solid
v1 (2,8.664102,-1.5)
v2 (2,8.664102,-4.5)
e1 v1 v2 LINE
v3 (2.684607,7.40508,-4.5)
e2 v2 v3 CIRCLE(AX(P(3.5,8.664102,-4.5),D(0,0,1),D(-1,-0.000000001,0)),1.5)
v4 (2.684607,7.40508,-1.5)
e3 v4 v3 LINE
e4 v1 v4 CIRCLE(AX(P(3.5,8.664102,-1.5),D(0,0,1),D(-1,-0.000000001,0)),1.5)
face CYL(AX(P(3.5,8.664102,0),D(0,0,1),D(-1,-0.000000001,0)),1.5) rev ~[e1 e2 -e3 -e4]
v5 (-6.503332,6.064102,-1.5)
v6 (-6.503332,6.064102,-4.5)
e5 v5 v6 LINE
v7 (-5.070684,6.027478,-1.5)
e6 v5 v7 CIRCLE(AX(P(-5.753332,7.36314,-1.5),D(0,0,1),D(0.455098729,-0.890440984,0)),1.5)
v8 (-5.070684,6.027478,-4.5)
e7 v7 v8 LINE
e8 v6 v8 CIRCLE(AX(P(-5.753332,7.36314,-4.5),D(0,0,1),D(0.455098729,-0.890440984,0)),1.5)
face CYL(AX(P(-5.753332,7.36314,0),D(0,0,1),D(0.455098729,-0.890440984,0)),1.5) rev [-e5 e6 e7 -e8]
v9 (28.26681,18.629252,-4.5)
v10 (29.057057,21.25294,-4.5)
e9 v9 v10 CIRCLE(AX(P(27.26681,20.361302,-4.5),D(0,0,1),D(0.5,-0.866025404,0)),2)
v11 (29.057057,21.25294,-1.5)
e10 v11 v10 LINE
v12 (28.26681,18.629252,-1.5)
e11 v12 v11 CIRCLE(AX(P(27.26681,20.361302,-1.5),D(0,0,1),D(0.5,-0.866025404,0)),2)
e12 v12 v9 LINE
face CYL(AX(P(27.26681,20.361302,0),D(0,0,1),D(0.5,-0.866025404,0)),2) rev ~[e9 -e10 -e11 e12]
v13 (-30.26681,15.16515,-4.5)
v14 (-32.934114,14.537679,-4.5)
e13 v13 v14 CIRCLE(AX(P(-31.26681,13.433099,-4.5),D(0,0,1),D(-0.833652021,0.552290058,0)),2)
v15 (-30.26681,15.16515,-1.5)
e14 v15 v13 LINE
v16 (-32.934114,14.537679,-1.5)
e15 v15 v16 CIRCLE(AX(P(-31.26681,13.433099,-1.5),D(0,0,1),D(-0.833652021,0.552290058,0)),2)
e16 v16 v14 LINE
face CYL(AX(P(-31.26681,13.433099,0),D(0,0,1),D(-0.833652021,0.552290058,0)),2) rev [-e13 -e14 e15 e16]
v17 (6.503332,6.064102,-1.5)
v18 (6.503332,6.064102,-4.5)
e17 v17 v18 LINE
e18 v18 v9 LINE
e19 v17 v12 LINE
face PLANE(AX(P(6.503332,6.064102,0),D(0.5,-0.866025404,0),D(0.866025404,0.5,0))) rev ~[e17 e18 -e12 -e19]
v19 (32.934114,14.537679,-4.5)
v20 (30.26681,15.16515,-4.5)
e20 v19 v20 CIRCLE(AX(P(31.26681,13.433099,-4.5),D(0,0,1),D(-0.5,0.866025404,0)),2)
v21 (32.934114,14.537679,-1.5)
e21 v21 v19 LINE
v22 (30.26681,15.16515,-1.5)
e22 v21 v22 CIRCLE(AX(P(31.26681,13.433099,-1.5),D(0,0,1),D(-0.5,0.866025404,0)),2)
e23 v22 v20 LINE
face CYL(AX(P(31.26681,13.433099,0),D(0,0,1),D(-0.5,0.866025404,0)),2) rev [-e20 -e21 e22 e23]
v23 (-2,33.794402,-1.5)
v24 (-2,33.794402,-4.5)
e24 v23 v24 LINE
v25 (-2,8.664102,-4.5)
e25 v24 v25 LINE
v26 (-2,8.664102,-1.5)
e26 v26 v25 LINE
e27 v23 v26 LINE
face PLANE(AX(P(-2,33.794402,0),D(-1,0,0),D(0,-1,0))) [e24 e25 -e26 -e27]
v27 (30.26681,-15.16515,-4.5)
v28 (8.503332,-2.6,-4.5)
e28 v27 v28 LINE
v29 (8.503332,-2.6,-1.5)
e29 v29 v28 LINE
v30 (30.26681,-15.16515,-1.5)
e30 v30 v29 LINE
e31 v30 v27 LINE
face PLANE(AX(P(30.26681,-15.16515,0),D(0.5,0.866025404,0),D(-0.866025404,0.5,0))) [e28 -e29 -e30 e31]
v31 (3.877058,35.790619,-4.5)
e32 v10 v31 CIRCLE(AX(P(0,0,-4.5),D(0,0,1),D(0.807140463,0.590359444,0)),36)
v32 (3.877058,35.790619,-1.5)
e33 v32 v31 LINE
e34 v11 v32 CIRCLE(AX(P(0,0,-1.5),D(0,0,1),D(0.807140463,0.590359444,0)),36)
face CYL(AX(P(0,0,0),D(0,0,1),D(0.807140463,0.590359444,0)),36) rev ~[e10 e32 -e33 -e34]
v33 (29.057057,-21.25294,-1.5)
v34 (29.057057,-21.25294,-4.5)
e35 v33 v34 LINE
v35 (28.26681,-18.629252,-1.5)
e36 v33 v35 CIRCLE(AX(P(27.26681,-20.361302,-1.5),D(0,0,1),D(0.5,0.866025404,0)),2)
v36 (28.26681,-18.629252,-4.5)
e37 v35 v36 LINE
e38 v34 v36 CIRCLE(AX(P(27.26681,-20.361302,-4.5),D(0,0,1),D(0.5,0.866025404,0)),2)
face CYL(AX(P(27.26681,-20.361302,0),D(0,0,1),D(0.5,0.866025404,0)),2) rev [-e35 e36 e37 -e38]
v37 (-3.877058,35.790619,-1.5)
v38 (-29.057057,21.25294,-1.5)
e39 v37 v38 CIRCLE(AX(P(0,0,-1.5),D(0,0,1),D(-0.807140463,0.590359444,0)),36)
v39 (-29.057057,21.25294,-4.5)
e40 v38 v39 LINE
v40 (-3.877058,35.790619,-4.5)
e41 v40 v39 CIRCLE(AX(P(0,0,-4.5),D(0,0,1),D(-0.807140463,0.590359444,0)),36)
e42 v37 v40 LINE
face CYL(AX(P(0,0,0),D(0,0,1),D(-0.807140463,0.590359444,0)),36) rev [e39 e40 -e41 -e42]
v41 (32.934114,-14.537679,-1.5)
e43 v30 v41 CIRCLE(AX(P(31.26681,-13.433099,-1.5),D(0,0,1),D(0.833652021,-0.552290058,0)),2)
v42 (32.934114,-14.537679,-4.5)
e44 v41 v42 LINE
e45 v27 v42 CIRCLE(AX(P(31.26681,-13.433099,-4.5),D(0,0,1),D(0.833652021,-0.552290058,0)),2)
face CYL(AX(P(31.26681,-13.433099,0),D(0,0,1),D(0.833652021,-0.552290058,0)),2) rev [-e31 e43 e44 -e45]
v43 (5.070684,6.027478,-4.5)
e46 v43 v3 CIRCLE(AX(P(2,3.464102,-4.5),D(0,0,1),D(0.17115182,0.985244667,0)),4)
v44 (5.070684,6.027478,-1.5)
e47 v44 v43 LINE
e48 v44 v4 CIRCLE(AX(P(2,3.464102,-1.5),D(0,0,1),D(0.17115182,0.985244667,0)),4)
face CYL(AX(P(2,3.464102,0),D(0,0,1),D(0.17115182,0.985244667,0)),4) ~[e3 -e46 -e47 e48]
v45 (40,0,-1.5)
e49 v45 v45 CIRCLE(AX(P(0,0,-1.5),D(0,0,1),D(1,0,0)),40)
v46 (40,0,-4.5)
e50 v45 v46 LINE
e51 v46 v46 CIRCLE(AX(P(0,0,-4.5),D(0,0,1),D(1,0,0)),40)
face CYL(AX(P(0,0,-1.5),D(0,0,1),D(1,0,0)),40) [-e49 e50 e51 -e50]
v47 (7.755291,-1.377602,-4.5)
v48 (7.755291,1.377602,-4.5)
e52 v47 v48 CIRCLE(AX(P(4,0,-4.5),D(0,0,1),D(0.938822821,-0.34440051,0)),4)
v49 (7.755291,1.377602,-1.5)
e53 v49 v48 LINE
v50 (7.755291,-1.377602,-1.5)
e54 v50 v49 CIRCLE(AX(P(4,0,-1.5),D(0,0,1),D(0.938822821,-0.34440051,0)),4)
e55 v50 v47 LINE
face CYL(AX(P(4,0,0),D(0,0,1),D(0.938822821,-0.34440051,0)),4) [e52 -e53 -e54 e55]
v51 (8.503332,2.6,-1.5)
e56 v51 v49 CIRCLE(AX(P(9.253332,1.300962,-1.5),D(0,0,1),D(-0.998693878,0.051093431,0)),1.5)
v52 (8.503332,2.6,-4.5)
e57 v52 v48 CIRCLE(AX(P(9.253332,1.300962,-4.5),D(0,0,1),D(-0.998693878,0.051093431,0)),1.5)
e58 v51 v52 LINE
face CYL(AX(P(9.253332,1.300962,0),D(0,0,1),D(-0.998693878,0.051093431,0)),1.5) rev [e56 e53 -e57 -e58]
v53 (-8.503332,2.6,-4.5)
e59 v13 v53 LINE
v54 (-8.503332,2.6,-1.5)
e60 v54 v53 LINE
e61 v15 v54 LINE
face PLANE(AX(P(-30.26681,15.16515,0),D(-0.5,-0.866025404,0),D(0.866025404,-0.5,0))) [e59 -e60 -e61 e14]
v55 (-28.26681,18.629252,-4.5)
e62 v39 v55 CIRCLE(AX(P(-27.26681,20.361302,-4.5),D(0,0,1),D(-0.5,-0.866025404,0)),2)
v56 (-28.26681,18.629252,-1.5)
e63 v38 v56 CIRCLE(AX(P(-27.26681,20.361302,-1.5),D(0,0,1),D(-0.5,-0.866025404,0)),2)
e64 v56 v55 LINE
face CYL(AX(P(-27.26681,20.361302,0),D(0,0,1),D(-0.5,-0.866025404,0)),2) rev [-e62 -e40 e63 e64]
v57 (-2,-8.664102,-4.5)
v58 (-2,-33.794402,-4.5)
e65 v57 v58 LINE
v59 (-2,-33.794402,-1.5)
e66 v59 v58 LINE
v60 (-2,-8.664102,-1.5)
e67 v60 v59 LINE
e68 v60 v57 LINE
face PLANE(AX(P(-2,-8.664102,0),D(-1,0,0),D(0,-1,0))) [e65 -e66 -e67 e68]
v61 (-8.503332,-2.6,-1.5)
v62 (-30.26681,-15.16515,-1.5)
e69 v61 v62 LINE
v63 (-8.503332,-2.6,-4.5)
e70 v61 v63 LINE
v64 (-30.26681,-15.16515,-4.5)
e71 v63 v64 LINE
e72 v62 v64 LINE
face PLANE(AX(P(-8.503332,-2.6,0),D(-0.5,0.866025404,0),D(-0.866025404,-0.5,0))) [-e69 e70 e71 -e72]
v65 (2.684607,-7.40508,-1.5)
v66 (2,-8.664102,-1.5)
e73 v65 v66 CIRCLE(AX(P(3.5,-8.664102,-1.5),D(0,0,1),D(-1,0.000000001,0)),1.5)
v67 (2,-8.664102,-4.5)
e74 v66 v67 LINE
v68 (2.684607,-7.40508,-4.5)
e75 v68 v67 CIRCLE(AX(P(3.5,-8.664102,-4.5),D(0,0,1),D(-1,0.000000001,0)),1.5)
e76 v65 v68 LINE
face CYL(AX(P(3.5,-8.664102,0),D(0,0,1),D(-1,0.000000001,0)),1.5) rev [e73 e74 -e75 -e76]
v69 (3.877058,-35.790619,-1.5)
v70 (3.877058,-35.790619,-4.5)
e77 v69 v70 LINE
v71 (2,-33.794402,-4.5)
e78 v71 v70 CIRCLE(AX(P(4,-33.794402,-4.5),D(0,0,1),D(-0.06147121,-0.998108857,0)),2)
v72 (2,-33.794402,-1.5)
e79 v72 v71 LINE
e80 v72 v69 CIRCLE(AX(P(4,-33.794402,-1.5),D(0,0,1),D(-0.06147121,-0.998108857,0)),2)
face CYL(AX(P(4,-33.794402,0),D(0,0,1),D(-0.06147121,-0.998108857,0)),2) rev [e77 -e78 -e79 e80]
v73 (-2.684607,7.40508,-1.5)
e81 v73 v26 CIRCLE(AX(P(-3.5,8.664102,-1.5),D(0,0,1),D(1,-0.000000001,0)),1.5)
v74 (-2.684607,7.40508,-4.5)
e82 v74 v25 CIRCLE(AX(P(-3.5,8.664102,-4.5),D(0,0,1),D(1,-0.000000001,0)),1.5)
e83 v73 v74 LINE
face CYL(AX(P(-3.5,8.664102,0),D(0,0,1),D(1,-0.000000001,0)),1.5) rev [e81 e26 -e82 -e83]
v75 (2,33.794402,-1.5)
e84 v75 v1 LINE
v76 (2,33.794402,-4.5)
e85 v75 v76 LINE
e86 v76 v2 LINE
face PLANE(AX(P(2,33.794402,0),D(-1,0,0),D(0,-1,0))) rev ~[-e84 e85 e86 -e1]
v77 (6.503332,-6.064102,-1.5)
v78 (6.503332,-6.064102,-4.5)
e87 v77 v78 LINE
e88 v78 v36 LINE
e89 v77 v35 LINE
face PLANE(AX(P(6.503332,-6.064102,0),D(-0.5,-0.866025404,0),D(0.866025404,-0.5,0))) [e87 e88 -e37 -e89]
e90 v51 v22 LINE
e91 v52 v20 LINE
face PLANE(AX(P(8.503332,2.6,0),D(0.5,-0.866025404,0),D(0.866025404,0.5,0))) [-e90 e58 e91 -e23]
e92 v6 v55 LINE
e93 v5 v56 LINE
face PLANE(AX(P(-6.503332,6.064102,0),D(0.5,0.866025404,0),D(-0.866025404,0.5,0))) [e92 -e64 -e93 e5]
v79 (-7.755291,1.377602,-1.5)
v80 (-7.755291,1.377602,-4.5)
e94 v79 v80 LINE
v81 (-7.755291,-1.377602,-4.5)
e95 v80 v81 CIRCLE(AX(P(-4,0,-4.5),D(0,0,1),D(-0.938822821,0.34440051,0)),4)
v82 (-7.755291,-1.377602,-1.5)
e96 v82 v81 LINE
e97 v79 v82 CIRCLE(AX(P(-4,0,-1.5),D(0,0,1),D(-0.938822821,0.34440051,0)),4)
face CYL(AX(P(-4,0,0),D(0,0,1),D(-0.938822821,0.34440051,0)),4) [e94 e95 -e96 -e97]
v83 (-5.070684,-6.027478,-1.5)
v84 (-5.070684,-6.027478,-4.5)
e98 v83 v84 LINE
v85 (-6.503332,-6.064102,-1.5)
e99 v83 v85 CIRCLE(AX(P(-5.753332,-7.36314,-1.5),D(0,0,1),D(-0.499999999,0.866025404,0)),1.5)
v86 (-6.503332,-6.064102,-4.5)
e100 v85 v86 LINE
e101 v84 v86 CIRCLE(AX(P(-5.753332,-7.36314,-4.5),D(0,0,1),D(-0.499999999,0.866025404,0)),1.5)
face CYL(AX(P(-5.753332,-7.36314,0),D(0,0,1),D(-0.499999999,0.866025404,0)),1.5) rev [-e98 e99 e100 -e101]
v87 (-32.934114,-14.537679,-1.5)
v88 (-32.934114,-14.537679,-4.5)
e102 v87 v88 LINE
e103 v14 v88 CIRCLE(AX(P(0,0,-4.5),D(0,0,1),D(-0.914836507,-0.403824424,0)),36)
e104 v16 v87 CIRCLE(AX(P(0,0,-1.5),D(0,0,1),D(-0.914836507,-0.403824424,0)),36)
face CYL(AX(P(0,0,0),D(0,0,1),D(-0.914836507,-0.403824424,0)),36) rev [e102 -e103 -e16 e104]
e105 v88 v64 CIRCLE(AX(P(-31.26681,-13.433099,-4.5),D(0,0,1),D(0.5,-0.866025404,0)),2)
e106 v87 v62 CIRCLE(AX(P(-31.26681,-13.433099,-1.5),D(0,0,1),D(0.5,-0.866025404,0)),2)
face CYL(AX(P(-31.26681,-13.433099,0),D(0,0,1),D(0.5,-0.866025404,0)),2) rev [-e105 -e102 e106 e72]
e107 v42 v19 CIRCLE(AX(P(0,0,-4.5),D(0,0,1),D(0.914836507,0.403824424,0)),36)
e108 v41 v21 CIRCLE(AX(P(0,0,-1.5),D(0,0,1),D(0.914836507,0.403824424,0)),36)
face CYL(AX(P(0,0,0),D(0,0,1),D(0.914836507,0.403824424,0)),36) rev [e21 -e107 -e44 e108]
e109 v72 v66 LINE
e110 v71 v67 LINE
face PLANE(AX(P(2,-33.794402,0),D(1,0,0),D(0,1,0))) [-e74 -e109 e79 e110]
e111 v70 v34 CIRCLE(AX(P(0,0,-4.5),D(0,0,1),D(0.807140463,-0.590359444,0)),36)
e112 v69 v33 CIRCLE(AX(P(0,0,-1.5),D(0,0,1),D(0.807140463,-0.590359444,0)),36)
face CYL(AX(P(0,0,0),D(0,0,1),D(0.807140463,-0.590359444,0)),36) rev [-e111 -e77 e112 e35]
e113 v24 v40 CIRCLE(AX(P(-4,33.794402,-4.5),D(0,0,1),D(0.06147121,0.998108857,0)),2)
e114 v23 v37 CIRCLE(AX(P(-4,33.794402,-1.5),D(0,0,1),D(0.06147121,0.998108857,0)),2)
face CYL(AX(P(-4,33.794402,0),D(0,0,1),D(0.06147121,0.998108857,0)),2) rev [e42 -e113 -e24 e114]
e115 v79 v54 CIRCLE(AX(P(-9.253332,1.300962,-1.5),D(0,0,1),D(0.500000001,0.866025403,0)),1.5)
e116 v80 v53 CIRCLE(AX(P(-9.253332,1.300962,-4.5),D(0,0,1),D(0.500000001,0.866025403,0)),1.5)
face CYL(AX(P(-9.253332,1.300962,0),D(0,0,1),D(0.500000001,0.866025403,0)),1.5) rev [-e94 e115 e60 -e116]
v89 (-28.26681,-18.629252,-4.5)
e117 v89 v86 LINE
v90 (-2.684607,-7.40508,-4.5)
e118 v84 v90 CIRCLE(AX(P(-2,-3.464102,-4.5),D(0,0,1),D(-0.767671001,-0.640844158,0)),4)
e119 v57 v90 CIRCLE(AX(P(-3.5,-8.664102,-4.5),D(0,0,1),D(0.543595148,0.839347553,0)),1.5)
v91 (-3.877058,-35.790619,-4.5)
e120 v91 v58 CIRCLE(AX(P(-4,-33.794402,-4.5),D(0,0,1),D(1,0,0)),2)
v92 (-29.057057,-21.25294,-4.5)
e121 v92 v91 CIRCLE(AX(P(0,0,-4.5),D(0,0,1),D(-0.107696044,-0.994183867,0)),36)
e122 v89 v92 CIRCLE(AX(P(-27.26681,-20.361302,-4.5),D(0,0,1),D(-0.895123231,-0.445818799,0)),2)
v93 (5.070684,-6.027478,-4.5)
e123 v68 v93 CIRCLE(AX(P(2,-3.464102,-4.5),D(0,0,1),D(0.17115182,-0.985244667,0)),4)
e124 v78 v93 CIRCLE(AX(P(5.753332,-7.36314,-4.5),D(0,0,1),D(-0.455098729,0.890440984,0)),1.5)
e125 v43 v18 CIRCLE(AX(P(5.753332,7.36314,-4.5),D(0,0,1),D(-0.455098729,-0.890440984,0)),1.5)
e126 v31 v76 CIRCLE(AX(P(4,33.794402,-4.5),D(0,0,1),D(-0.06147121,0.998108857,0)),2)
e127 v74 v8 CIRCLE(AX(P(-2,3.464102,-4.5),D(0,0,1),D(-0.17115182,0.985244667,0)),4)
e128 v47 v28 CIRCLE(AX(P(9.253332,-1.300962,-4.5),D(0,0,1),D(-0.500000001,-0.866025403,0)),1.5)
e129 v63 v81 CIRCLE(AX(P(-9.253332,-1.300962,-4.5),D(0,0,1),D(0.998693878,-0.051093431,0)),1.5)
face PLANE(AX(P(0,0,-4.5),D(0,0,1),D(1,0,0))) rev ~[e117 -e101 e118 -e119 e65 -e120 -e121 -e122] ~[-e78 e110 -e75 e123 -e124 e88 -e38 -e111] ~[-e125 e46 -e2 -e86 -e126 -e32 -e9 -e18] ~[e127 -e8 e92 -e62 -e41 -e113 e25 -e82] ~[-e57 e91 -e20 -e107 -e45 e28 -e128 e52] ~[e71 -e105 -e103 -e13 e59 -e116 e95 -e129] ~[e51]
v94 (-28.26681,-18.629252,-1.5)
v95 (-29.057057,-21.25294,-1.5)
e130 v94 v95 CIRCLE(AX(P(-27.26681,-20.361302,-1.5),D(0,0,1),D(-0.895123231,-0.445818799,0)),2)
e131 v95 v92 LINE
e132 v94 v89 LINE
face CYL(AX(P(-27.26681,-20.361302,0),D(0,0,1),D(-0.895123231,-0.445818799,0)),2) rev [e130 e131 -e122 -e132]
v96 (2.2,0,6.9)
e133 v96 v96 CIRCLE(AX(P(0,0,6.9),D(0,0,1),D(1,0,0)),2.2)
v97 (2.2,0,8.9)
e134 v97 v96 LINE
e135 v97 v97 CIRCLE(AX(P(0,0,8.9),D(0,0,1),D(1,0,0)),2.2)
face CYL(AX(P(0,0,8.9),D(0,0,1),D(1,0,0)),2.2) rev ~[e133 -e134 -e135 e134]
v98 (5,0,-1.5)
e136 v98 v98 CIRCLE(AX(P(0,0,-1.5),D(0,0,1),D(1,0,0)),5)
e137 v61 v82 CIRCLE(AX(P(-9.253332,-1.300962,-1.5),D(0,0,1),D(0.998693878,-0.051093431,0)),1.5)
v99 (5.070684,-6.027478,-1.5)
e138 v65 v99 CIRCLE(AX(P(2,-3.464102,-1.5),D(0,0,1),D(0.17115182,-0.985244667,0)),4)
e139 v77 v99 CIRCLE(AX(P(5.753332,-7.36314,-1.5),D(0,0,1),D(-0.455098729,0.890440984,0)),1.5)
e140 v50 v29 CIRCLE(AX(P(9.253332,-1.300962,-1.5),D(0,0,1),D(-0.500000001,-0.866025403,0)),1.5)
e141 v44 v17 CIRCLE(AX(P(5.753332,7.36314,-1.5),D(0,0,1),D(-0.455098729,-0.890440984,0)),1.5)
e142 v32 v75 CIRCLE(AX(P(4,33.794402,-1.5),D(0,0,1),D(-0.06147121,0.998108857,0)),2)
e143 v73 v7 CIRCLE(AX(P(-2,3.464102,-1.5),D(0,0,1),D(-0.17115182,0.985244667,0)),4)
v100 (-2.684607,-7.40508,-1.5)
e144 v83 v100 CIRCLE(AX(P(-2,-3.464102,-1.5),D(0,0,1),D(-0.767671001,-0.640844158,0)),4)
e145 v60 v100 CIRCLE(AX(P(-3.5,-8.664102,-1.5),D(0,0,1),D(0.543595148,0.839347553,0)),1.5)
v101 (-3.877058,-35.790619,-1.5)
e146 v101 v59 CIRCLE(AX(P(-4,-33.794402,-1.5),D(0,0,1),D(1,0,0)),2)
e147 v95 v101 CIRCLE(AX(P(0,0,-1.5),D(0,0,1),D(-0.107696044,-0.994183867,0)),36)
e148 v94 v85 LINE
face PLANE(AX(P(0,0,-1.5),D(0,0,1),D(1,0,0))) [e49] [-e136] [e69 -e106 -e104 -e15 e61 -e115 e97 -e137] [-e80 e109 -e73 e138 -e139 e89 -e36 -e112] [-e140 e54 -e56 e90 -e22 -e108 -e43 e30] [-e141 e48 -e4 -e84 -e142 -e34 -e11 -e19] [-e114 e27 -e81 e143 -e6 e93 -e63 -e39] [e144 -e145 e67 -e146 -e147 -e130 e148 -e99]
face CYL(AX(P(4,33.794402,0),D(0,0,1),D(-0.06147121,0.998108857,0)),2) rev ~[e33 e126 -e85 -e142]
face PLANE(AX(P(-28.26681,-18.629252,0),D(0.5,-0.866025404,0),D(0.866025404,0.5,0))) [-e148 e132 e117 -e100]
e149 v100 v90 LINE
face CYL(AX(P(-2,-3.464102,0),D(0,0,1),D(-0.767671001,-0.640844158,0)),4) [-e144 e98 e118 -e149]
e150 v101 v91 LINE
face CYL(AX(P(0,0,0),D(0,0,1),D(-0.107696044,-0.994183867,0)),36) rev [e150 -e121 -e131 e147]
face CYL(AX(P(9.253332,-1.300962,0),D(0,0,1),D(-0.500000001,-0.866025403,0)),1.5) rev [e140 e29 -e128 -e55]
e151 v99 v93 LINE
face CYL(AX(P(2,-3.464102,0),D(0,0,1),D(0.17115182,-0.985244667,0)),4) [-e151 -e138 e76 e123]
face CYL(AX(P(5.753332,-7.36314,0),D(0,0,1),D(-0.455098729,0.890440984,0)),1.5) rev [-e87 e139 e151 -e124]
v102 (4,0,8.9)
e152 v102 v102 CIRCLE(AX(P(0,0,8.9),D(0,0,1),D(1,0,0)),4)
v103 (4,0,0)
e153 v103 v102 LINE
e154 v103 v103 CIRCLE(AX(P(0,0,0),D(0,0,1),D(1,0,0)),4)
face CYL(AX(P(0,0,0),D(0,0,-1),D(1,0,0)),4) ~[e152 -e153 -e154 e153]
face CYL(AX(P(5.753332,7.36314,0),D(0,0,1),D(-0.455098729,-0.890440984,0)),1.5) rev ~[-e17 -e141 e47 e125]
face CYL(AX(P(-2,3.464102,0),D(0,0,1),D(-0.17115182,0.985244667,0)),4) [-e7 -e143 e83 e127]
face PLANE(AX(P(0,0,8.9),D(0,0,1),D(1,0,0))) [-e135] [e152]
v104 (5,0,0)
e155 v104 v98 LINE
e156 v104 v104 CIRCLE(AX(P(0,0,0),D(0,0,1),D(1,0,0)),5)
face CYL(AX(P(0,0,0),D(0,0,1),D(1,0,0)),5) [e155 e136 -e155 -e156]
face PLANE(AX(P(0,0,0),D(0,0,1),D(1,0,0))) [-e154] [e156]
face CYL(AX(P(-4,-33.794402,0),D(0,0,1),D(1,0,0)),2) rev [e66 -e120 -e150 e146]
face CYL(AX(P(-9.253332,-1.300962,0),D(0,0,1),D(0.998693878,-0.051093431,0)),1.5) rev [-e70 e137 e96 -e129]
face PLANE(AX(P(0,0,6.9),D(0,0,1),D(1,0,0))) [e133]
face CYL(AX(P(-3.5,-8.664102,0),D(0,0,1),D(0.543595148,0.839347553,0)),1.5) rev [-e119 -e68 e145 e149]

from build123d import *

# Parameters (mm, degrees)
SKETCH1_R           = 4
BOSS_EXTRUDE1_DEPTH = 8.9
SKETCH2_R           = 5
BOSS_EXTRUDE2_DEPTH = 1.5
BOSS_EXTRUDE3_START = -1.5
SKETCH3_R           = 40
BOSS_EXTRUDE3_DEPTH = 3
CUT_EXTRUDE2_START  = 8.9
SKETCH5_R           = 2.2
CUT_EXTRUDE2_DEPTH  = 2
CUT_EXTRUDE3_DEPTH  = 10


with BuildPart() as part:
    # Sketch1 → Boss-Extrude1 (new body)
    with BuildSketch(Plane.XY):
        Circle(SKETCH1_R)
    extrude(amount=BOSS_EXTRUDE1_DEPTH)

    # Sketch2 → Boss-Extrude2 (add)
    with BuildSketch(Plane.XY):
        Circle(SKETCH2_R)
    extrude(amount=-BOSS_EXTRUDE2_DEPTH)

    # Sketch3 → Boss-Extrude3 (add)
    with BuildSketch(Plane.XY.offset(BOSS_EXTRUDE3_START)):
        Circle(SKETCH3_R)
    extrude(amount=-BOSS_EXTRUDE3_DEPTH)

    # Sketch5 → Cut-Extrude2 (cut)
    with BuildSketch(Plane.XY.offset(CUT_EXTRUDE2_START)):
        Circle(SKETCH5_R)
    extrude(amount=-CUT_EXTRUDE2_DEPTH, mode=Mode.SUBTRACT)

    # Sketch6 → Cut-Extrude3 (cut)
    with BuildSketch(Plane.XY):
        with BuildLine():
            Line((30.266810214, -15.165149948), (8.5033321, -2.6))
            ThreePointArc((8.5033321, -2.6), (7.973884535, -2.083913954), (7.755291283, -1.377602039))
            ThreePointArc((7.755291283, -1.377602039), (8, 0), (7.755291283, 1.377602039))
            ThreePointArc((7.755291283, 1.377602039), (7.973884535, 2.083913954), (8.5033321, 2.6))
            Line((8.5033321, 2.6), (30.266810214, 15.165149948))
            ThreePointArc((30.266810214, 15.165149948), (31.724798793, 15.379954672), (32.934114256, 14.537679256))
            ThreePointArc((32.934114256, 14.537679256), (36, 0), (32.934114256, -14.537679256))
            ThreePointArc((32.934114256, -14.537679256), (31.724798793, -15.379954672), (30.266810214, -15.165149948))
        make_face()
        with BuildLine():
            Line((2, 33.794401511), (2, 8.664101615))
            ThreePointArc((2, 8.664101615), (2.182219844, 7.947543551), (2.684607279, 7.405080285))
            ThreePointArc((2.684607279, 7.405080285), (4, 6.92820323), (5.070684004, 6.027478245))
            ThreePointArc((5.070684004, 6.027478245), (5.791664691, 5.863629597), (6.5033321, 6.064101615))
            Line((6.5033321, 6.064101615), (28.266810214, 18.629251563))
            ThreePointArc((28.266810214, 18.629251563), (29.181830852, 19.784504349), (29.057056676, 21.252939969))
            ThreePointArc((29.057056676, 21.252939969), (18, 31.176914536), (3.87705758, 35.790619225))
            ThreePointArc((3.87705758, 35.790619225), (2.542967941, 35.164459021), (2, 33.794401511))
        make_face()
        with BuildLine():
            Line((2, -33.794401511), (2, -8.664101615))
            ThreePointArc((2, -8.664101615), (2.182219844, -7.947543551), (2.684607279, -7.405080285))
            ThreePointArc((2.684607279, -7.405080285), (4, -6.92820323), (5.070684004, -6.027478245))
            ThreePointArc((5.070684004, -6.027478245), (5.791664691, -5.863629597), (6.5033321, -6.064101615))
            Line((6.5033321, -6.064101615), (28.266810214, -18.629251563))
            ThreePointArc((28.266810214, -18.629251563), (29.181830852, -19.784504349), (29.057056676, -21.252939969))
            ThreePointArc((29.057056676, -21.252939969), (18, -31.176914536), (3.87705758, -35.790619225))
            ThreePointArc((3.87705758, -35.790619225), (2.542967941, -35.164459021), (2, -33.794401511))
        make_face()
        with BuildLine():
            Line((-28.266810214, -18.629251563), (-6.5033321, -6.064101615))
            ThreePointArc((-6.5033321, -6.064101615), (-5.791664691, -5.863629597), (-5.070684004, -6.027478245))
            ThreePointArc((-5.070684004, -6.027478245), (-4, -6.92820323), (-2.684607279, -7.405080285))
            ThreePointArc((-2.684607279, -7.405080285), (-2.182219844, -7.947543551), (-2, -8.664101615))
            Line((-2, -8.664101615), (-2, -33.794401511))
            ThreePointArc((-2, -33.794401511), (-2.542967941, -35.164459021), (-3.87705758, -35.790619225))
            ThreePointArc((-3.87705758, -35.790619225), (-18, -31.176914536), (-29.057056676, -21.252939969))
            ThreePointArc((-29.057056676, -21.252939969), (-29.181830852, -19.784504349), (-28.266810214, -18.629251563))
        make_face()
        with BuildLine():
            Line((-30.266810214, 15.165149948), (-8.5033321, 2.6))
            ThreePointArc((-8.5033321, 2.6), (-7.973884535, 2.083913954), (-7.755291283, 1.377602039))
            ThreePointArc((-7.755291283, 1.377602039), (-8, 0), (-7.755291283, -1.377602039))
            ThreePointArc((-7.755291283, -1.377602039), (-7.973884535, -2.083913954), (-8.5033321, -2.6))
            Line((-8.5033321, -2.6), (-30.266810214, -15.165149948))
            ThreePointArc((-30.266810214, -15.165149948), (-31.724798793, -15.379954672), (-32.934114256, -14.537679256))
            ThreePointArc((-32.934114256, -14.537679256), (-36, 0), (-32.934114256, 14.537679256))
            ThreePointArc((-32.934114256, 14.537679256), (-31.724798793, 15.379954672), (-30.266810214, 15.165149948))
        make_face()
        with BuildLine():
            Line((-2, 33.794401511), (-2, 8.664101615))
            ThreePointArc((-2, 8.664101615), (-2.182219844, 7.947543551), (-2.684607279, 7.405080285))
            ThreePointArc((-2.684607279, 7.405080285), (-4, 6.92820323), (-5.070684004, 6.027478245))
            ThreePointArc((-5.070684004, 6.027478245), (-5.791664691, 5.863629597), (-6.5033321, 6.064101615))
            Line((-6.5033321, 6.064101615), (-28.266810214, 18.629251563))
            ThreePointArc((-28.266810214, 18.629251563), (-29.181830852, 19.784504349), (-29.057056676, 21.252939969))
            ThreePointArc((-29.057056676, 21.252939969), (-18, 31.176914536), (-3.87705758, 35.790619225))
            ThreePointArc((-3.87705758, 35.790619225), (-2.542967941, 35.164459021), (-2, 33.794401511))
        make_face()
    extrude(amount=-CUT_EXTRUDE3_DEPTH, mode=Mode.SUBTRACT)


solid = part.part
